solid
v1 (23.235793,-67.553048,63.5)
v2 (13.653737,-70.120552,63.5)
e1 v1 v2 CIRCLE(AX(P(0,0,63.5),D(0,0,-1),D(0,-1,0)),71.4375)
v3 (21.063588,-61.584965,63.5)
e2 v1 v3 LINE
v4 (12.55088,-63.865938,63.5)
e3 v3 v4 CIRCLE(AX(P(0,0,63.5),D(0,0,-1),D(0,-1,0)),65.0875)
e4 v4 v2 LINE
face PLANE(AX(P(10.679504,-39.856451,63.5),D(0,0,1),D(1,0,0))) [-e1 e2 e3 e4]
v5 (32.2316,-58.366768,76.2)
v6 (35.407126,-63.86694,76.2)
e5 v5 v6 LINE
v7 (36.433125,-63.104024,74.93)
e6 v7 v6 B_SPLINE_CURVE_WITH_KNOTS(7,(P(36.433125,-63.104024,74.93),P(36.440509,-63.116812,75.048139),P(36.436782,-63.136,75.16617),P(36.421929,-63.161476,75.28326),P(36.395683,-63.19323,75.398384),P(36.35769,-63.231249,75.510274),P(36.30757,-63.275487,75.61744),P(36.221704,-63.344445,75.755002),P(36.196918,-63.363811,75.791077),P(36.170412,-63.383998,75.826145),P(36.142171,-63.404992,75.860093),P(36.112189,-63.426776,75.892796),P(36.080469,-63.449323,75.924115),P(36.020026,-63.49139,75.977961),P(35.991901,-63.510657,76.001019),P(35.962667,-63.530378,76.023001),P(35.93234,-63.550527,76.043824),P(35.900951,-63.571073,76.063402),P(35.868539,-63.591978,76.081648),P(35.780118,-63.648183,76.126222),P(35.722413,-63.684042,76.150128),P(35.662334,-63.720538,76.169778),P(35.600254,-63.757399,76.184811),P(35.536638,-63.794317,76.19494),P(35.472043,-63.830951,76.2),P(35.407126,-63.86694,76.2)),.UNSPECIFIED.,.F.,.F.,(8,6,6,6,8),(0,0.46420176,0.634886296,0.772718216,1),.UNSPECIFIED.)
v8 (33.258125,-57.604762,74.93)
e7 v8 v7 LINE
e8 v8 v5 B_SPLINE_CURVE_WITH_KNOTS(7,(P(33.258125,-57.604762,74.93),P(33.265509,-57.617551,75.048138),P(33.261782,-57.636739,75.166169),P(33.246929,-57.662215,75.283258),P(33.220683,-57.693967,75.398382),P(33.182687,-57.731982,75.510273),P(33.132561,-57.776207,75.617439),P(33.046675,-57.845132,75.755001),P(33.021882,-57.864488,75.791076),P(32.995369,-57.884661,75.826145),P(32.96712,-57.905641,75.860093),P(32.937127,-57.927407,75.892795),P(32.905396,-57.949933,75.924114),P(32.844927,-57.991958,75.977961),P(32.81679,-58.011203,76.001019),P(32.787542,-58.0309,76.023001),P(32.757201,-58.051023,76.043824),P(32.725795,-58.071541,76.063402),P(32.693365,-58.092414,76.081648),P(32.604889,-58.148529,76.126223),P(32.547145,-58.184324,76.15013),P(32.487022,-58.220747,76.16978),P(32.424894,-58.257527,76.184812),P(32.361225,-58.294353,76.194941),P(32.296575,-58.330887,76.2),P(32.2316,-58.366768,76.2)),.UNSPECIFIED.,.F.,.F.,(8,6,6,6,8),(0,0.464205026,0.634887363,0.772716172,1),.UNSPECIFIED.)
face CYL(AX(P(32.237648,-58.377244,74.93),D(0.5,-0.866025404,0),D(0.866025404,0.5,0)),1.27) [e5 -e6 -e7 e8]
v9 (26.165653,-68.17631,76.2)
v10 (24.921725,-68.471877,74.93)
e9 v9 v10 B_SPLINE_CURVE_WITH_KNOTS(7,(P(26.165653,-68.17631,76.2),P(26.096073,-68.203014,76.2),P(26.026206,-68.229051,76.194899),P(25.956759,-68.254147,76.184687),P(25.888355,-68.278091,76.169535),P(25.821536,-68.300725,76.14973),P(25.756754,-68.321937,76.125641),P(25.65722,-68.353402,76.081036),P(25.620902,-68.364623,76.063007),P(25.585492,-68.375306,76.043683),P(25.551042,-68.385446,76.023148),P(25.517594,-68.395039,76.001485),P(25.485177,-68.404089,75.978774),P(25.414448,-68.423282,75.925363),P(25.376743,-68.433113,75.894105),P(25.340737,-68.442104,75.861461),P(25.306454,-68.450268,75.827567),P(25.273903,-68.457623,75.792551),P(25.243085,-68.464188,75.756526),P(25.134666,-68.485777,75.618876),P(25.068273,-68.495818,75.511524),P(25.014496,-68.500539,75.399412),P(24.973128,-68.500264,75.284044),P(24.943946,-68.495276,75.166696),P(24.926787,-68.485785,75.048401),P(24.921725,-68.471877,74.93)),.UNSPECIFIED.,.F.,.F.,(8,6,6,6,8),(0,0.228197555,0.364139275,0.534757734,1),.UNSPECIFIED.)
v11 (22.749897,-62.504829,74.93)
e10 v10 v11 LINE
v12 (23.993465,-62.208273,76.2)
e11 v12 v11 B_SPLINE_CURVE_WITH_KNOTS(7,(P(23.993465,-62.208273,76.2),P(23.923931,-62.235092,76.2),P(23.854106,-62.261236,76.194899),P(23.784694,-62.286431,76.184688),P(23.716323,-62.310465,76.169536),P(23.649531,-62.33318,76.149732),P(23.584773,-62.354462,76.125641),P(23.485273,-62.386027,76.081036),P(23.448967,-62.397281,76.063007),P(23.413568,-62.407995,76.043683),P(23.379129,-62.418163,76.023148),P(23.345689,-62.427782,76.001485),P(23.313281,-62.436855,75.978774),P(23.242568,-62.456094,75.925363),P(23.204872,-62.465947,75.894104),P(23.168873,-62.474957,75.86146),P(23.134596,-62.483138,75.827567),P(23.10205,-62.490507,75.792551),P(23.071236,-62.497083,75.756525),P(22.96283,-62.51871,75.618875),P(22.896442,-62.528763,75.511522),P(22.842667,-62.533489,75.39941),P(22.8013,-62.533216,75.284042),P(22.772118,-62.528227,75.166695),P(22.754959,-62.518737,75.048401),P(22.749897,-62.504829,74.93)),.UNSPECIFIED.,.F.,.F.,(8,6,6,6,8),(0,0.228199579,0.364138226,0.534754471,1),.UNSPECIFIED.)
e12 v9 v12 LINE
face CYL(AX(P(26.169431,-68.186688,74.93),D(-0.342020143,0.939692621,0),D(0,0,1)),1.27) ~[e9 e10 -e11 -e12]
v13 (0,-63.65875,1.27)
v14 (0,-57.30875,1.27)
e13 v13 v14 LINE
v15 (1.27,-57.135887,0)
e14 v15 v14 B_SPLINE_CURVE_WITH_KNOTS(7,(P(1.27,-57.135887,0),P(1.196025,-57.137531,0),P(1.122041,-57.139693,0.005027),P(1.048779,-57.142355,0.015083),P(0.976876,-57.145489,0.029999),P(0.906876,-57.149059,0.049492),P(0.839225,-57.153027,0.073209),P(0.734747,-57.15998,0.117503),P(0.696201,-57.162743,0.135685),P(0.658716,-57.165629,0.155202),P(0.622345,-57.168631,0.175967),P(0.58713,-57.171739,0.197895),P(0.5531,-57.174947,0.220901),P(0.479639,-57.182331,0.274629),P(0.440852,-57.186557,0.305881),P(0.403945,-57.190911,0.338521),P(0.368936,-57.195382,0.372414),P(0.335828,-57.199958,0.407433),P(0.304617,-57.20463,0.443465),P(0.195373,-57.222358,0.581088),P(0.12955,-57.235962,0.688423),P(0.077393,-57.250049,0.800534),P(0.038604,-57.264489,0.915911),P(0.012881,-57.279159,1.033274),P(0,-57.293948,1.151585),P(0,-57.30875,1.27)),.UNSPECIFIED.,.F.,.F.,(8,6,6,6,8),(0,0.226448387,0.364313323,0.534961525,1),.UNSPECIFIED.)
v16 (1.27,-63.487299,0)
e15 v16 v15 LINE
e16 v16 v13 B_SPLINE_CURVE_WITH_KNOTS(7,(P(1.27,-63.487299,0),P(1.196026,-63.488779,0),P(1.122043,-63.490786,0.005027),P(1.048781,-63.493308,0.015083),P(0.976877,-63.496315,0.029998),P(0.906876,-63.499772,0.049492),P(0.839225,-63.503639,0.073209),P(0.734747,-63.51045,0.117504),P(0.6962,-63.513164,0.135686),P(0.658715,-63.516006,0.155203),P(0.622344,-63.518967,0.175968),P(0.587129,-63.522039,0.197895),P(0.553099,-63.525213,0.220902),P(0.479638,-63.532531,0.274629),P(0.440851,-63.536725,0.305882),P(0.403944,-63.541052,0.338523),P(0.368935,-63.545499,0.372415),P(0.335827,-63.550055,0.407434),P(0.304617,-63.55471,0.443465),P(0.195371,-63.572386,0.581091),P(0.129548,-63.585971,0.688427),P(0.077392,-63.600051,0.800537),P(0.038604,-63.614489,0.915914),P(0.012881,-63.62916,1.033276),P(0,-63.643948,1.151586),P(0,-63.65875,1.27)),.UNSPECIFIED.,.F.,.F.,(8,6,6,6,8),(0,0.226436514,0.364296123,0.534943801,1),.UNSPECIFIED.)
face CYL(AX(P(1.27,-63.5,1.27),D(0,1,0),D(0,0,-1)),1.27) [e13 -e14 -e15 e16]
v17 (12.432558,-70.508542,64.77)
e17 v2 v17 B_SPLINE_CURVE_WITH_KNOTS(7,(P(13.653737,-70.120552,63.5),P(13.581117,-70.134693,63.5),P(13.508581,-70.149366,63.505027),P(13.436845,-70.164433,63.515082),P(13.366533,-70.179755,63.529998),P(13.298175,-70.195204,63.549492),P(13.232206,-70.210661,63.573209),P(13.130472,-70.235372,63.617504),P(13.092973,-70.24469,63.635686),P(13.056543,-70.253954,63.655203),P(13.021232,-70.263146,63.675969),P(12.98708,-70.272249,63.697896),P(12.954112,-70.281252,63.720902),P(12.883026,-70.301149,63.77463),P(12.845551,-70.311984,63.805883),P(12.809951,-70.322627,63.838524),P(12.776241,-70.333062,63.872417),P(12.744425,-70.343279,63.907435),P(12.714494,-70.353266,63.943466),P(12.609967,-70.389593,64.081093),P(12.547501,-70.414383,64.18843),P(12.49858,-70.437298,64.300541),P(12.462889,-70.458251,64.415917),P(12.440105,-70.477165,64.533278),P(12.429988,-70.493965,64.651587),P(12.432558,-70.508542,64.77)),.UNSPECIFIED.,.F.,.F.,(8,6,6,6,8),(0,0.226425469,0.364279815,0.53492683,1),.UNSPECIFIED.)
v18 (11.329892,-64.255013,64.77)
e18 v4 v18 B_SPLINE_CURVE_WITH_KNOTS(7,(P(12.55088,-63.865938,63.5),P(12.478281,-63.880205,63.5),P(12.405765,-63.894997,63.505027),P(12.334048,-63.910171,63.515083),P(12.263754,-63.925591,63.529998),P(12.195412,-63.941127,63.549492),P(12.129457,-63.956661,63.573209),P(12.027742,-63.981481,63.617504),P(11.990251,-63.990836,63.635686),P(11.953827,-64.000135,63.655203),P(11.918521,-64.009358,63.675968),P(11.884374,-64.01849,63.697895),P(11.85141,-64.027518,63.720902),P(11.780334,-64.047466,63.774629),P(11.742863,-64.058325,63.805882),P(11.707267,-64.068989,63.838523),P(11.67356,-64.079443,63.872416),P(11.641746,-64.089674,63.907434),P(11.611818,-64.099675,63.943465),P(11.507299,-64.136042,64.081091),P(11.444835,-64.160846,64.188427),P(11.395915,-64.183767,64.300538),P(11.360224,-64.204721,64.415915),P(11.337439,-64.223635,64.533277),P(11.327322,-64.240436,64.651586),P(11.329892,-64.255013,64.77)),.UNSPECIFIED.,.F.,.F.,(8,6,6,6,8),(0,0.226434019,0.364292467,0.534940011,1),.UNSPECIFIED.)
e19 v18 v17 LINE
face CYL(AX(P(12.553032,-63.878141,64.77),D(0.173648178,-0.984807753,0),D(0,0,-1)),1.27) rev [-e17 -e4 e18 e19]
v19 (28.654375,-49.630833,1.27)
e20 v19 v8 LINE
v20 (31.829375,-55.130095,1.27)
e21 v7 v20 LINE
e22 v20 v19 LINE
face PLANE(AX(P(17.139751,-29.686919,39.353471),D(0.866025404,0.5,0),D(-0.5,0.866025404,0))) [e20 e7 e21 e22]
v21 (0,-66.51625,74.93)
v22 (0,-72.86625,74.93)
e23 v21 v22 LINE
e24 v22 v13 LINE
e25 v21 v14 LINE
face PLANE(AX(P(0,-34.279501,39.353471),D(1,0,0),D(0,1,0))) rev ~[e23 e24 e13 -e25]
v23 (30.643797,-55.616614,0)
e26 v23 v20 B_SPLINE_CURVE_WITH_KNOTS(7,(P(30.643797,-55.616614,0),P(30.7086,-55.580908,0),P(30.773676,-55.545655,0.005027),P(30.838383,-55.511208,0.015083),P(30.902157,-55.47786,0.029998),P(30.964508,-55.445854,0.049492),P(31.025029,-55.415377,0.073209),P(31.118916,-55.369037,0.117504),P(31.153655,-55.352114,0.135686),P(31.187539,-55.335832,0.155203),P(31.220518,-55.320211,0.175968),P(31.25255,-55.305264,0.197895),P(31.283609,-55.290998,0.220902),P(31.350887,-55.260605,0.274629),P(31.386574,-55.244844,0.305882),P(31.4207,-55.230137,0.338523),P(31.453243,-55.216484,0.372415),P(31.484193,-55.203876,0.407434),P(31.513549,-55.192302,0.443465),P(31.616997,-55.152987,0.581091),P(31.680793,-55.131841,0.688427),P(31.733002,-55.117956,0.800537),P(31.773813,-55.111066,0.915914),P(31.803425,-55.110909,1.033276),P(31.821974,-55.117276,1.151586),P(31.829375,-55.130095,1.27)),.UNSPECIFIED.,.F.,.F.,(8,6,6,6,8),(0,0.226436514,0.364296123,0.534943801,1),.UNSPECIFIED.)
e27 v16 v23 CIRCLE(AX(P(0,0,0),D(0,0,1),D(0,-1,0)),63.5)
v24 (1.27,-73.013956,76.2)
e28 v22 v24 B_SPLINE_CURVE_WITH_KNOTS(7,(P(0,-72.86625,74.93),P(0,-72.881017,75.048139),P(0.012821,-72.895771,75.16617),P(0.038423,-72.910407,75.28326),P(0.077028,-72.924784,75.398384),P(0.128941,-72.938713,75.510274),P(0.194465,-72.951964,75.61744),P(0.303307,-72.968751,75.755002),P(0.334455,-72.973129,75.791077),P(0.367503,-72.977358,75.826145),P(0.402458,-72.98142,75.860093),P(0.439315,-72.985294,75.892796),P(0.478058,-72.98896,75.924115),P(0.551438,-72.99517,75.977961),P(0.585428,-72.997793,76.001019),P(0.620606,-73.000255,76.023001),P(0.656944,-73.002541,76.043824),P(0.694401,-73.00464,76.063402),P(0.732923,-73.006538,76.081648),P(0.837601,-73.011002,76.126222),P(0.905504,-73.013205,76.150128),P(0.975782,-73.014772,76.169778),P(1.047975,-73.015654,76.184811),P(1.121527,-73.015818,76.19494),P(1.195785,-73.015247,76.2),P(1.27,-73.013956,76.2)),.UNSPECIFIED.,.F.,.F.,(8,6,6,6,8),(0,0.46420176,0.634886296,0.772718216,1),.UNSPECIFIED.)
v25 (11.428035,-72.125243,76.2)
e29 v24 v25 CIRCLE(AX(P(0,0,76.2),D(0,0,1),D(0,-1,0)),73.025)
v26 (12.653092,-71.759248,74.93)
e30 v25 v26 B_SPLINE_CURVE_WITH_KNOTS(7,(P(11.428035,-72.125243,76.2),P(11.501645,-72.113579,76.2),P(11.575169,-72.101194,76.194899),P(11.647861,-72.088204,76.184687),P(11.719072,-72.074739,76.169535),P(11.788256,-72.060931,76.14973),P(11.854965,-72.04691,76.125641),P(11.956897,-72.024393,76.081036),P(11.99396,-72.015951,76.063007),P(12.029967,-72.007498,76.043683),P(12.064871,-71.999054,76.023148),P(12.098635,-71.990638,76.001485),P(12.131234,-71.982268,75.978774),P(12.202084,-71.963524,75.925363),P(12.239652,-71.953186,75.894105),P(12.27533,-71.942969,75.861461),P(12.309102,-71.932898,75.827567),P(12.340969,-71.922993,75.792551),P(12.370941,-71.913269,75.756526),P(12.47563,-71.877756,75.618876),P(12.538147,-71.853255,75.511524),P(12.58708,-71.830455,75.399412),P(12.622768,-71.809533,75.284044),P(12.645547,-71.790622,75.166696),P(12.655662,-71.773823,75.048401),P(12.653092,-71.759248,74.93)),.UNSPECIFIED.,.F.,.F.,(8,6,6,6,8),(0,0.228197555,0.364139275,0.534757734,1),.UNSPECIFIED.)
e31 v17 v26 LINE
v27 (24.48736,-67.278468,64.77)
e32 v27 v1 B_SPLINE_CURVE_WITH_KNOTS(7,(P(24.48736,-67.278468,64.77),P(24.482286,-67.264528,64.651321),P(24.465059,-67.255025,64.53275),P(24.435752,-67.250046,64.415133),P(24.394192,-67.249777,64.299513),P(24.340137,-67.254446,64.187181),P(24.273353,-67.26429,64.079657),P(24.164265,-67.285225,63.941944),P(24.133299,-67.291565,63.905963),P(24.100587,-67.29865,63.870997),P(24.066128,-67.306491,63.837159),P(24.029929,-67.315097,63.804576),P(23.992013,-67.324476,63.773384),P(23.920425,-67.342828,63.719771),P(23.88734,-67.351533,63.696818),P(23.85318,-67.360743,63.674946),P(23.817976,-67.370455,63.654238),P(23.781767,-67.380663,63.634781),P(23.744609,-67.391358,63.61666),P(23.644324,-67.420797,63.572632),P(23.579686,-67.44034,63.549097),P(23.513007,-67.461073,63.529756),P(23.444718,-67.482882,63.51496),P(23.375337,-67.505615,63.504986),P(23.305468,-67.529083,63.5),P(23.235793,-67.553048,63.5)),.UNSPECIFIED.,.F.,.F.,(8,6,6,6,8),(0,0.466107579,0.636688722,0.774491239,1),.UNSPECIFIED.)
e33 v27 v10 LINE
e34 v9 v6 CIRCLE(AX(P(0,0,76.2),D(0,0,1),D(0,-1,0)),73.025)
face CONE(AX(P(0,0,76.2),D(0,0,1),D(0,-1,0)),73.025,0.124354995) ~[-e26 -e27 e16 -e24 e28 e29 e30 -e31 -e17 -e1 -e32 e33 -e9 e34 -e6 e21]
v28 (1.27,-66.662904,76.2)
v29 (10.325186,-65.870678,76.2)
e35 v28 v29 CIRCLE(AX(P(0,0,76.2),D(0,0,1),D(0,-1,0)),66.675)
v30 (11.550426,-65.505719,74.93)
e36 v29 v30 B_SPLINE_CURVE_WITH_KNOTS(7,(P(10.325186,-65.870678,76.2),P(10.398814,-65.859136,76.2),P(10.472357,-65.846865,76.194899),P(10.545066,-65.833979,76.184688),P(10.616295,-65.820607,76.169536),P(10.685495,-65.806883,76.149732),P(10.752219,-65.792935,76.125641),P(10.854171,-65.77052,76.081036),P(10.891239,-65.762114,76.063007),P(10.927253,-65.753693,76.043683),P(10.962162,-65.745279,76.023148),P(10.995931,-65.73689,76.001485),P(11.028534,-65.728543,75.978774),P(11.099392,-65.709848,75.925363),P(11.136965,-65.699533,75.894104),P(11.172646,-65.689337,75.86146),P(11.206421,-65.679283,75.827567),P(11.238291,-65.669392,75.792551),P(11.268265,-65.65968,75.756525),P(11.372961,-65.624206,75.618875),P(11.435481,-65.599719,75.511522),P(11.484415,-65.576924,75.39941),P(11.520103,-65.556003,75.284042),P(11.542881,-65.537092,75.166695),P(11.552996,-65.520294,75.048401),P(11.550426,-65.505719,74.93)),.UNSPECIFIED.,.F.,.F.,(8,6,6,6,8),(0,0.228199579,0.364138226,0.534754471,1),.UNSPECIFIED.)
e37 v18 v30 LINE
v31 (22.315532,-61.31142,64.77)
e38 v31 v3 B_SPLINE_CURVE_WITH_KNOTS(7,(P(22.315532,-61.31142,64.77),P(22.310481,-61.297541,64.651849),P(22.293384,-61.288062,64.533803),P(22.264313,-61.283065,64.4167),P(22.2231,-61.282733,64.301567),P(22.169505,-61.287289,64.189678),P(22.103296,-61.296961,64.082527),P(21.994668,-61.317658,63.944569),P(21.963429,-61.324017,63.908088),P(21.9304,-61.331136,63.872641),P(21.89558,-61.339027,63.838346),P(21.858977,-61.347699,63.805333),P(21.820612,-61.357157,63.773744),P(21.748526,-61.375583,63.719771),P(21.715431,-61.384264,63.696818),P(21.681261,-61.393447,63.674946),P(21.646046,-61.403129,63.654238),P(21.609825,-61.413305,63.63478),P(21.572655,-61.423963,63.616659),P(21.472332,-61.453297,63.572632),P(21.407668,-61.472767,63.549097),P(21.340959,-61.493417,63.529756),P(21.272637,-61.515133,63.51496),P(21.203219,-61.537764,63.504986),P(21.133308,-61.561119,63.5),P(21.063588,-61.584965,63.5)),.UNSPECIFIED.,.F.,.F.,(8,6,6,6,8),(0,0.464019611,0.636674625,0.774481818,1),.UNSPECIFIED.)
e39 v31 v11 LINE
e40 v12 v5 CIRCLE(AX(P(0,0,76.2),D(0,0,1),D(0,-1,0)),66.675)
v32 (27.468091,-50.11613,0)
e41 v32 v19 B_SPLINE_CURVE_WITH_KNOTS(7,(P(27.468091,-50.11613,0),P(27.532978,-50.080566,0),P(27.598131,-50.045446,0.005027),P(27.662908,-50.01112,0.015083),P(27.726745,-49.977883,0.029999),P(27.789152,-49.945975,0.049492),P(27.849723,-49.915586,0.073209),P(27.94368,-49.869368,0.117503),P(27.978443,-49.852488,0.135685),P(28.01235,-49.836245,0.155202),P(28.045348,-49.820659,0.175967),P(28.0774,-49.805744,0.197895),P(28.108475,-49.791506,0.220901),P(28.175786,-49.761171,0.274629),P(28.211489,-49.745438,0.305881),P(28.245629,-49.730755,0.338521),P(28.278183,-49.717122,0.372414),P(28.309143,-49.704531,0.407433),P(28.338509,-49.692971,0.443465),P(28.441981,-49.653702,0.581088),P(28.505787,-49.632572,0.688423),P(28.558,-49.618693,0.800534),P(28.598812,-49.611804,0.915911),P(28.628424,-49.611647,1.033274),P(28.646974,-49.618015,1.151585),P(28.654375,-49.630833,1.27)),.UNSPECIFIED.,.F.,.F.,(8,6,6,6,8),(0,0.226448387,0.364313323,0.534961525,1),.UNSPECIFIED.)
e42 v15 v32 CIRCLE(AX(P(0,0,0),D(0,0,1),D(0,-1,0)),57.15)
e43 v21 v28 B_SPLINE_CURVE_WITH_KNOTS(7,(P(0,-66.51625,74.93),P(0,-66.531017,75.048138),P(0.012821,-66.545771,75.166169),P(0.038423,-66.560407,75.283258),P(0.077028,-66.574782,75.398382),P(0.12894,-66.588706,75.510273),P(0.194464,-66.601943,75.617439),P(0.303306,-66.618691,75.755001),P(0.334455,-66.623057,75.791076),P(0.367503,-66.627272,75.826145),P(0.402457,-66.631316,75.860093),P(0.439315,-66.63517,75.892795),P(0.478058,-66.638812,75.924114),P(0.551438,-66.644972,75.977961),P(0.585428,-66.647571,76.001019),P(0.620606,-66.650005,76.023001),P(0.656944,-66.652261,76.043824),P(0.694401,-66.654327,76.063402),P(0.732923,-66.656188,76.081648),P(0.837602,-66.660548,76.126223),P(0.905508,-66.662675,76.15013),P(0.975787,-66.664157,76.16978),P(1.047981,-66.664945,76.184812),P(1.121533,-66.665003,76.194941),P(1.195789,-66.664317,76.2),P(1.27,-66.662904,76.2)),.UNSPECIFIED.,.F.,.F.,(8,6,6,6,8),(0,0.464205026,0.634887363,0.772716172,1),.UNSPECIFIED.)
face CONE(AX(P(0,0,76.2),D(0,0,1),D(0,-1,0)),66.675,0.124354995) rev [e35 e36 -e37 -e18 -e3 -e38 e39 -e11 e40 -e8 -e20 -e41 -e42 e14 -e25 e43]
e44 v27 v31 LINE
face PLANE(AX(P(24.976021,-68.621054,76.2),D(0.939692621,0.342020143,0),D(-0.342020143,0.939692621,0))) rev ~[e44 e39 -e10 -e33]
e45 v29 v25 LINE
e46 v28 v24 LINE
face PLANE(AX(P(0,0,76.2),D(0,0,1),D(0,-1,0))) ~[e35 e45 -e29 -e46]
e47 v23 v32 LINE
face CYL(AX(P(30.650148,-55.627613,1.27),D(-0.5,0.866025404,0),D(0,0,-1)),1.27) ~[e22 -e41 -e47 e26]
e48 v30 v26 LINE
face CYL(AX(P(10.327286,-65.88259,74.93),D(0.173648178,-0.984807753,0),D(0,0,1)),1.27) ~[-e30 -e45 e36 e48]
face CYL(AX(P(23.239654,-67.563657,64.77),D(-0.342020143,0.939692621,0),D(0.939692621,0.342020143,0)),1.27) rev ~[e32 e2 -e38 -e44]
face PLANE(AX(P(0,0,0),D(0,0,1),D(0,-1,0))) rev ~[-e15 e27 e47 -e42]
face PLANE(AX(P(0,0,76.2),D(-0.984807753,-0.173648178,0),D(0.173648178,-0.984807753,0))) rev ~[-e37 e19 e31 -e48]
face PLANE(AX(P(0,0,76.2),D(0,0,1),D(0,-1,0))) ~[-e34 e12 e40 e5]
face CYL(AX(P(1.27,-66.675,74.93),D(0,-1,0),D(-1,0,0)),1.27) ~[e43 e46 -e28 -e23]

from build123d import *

# Parameters (mm, degrees)
F2_ANGLE = 30
F7_DEPTH = 12.7
F8_R     = 1.27


with BuildPart() as f2:
    # F0 (on Right) → F2 (revolve)
    with BuildSketch(Plane.YZ):
        Polygon((-63.5, 0), (0, 0), (0, 25.4), (0, 50.8), (0, 76.2), (-73.025, 76.2), (-69.85, 50.8), (-66.675, 25.4), align=None)
    revolve(axis=Axis((0, 0, 0), (0, 0, 1)), revolution_arc=F2_ANGLE)

    # F3 (on Right) → F5 (revolve, cut)
    with BuildSketch(Plane.YZ):
        Polygon((-57.15, 0), (0, 0), (0, 25.4), (0, 50.8), (0, 76.2), (-66.675, 76.2), align=None)
    revolve(axis=Axis((0, 0, 0), (0, 0, 1)), mode=Mode.SUBTRACT)

    # F6 (on face) → F7 (cut)
    with BuildSketch(Plane.XY.offset(76.2)):
        with BuildLine():
            Line((24.9760209664, -68.6210536329), (0, 0))
            Line((0, 0), (12.6806581741, -71.9155861637))
            ThreePointArc((12.6806581741, -71.9155861637), (20.6260152492, -76.9773368677), (24.9760209664, -68.6210536329))
        make_face()
    extrude(amount=-F7_DEPTH, mode=Mode.SUBTRACT)

    # F8
    f8_edges = [f2.edges().sort_by_distance(p)[0] for p in [
        (12.129325, -68.788822, 76.2),
        (23.890107, -65.63753, 76.2),
        (34.925, -60.491874, 76.2),
        (30.1625, -52.242982, 0),
        (0, -60.325, 0),
        (0, -69.85, 76.2),
        (11.853659, -67.225439, 63.5),
        (23.34715, -64.145768, 63.5),
    ]]
    fillet(f8_edges, radius=F8_R)


solid = f2.part
